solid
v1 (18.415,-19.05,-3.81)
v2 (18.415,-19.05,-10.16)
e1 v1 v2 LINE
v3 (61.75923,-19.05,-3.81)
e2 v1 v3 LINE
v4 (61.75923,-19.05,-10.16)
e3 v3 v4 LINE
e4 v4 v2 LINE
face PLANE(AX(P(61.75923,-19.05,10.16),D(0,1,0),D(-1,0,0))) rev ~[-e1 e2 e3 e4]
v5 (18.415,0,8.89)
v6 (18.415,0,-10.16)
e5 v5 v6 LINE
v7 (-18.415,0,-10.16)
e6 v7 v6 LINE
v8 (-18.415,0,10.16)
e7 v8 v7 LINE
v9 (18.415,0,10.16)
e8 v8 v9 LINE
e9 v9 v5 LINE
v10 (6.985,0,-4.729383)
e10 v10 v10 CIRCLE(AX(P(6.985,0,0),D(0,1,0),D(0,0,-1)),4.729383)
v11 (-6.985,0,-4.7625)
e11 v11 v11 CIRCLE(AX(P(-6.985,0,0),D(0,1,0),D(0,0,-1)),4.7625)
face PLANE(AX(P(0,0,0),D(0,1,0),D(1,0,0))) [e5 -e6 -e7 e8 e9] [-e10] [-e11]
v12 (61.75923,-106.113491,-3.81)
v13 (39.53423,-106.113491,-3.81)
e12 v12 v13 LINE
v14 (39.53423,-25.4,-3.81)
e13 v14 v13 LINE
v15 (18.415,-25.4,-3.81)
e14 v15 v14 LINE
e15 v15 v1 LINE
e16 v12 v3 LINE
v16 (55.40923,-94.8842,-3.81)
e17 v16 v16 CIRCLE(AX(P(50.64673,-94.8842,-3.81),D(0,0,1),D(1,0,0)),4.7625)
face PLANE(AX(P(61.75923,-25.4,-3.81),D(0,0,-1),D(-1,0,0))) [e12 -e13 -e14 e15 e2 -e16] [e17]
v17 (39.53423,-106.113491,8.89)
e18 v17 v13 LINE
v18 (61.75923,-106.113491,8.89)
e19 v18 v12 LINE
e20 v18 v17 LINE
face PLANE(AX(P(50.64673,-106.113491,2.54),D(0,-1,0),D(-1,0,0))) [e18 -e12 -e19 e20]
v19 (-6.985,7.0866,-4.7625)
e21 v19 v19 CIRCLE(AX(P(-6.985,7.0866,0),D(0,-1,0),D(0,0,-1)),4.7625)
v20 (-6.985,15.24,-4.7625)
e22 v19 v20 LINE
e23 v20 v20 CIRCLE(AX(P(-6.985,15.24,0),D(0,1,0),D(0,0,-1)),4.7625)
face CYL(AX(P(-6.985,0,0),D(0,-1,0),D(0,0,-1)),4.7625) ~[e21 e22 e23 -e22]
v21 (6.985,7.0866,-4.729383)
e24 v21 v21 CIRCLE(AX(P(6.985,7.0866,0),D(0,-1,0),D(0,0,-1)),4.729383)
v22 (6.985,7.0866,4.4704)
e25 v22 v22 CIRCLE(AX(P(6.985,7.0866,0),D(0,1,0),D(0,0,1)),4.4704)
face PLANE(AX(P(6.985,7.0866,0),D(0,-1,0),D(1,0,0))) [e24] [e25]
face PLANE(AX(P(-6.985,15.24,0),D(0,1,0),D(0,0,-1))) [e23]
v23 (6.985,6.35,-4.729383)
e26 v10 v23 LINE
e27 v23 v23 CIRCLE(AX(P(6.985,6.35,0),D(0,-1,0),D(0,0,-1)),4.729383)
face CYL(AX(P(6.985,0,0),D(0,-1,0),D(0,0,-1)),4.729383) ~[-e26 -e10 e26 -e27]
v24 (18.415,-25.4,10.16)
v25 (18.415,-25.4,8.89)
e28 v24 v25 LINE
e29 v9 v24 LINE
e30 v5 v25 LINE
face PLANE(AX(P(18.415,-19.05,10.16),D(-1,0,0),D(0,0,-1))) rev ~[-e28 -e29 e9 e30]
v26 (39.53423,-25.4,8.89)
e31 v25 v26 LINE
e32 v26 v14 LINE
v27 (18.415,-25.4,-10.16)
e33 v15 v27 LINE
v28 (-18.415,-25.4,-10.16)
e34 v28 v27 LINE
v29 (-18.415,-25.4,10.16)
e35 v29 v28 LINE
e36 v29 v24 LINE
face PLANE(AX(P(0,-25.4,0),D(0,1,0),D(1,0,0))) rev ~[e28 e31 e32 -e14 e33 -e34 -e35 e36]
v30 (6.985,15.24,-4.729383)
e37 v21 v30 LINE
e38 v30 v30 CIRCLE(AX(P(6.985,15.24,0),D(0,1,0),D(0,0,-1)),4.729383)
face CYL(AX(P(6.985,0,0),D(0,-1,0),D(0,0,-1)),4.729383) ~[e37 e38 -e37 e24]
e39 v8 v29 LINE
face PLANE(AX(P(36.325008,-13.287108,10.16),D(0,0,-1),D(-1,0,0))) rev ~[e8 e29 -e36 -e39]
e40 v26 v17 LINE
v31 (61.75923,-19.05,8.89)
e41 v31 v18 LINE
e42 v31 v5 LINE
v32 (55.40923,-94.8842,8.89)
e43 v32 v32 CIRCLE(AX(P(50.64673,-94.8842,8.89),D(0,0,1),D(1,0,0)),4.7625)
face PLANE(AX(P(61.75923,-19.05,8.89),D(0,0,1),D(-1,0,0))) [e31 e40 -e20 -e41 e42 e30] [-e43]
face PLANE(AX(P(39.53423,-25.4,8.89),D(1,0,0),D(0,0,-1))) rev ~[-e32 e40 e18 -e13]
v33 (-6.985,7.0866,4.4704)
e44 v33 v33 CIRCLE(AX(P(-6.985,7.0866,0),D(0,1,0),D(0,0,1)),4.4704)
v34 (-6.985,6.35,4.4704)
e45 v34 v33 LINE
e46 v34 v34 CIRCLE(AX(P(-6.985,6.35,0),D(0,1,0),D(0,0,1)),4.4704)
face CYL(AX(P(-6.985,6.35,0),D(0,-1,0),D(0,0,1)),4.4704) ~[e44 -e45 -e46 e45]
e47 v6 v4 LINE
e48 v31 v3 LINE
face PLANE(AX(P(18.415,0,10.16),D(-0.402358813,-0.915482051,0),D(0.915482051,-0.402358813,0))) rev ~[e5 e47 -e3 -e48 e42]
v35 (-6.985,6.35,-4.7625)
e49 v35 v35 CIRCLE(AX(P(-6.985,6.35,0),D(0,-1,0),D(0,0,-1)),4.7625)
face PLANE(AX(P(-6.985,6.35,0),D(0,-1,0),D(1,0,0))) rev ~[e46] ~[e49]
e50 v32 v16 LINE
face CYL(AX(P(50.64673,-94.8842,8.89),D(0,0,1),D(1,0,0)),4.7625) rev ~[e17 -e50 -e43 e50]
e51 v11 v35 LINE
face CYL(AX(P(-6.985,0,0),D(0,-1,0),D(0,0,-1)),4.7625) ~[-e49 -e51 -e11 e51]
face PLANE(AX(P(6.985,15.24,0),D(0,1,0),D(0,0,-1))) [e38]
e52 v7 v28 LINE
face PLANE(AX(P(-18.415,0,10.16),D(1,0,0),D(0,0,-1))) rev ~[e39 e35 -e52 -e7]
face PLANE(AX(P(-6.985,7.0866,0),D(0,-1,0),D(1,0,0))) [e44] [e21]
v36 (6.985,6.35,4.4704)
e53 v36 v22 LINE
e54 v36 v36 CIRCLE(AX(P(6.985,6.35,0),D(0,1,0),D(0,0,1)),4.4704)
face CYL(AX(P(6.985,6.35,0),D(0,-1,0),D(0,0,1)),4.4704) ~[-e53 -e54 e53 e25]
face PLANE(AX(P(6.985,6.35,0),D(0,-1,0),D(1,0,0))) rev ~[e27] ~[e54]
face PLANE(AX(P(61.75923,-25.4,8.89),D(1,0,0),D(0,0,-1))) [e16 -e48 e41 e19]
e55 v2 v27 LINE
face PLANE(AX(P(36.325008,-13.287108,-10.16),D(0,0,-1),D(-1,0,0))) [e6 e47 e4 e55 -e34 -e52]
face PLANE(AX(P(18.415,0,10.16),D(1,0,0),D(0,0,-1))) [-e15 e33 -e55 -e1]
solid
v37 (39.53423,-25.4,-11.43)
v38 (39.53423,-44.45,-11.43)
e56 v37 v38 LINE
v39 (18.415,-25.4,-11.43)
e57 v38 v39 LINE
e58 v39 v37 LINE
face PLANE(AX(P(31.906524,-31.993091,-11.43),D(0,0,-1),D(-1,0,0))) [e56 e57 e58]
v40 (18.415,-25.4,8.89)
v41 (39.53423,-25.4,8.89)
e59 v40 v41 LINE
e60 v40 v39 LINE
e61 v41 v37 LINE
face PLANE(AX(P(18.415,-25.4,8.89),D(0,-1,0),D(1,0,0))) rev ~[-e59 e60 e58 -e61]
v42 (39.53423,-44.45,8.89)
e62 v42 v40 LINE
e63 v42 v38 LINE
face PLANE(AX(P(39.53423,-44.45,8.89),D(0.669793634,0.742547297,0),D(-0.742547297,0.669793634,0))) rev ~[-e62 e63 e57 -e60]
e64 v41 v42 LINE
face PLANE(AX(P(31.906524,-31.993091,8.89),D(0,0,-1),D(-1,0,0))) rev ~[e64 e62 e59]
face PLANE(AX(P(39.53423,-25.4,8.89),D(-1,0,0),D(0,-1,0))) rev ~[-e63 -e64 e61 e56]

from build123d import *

# Parameters (mm, degrees)
SKETCH1_W            = 36.83
SKETCH1_H            = 20.32
BOSS_EXTRUDE1_DEPTH  = 25.4
SKETCH2_W            = 12.7
SKETCH2_H            = 6.35
BOSS_EXTRUDE2_DEPTH  = 43.344230304
SKETCH3_W            = 22.225
SKETCH3_H            = 12.7
BOSS_EXTRUDE3_DEPTH  = 80.713490592
SKETCH4_R            = 4.7625
CUT_EXTRUDE1_DEPTH   = 125.246440244
SKETCH5_R            = 4.7625
SKETCH5_R_2          = 4.729383401
BOSS_EXTRUDE4_DEPTH  = 15.24
BOSS_EXTRUDE5_DEPTH  = 20.32
SKETCH8_W            = 43.344230304
SKETCH8_H            = 1.27
CUT_EXTRUDE2_DEPTH   = 108.226300513
BOSS_EXTRUDE10_DEPTH = 20.32
F_3DSKETCH3_R        = 5.08
CUT_EXTRUDE4_DEPTH   = 0.7366
SKETCH14_R           = 4.4704
BOSS_EXTRUDE11_DEPTH = 0.7366


with BuildPart() as part:
    # Sketch1 → Boss-Extrude1 (new body)
    with BuildSketch(Plane(origin=(0, 0, 0), x_dir=(1, 0, 0), z_dir=(0, 1, 0))):
        Rectangle(SKETCH1_W, SKETCH1_H)
    extrude(amount=-BOSS_EXTRUDE1_DEPTH)

    # Sketch2 → Boss-Extrude2 (add)
    with BuildSketch(Plane(origin=(18.415, 0, 0), x_dir=(0, 0, -1), z_dir=(1, 0, 0))):
        with Locations((-2.54, -22.225)):
            Rectangle(SKETCH2_W, SKETCH2_H)
    extrude(amount=BOSS_EXTRUDE2_DEPTH)

    # Sketch3 → Boss-Extrude3 (add)
    with BuildSketch(Plane(origin=(0, -25.4, 0), x_dir=(-1, 0, 0), z_dir=(0, -1, 0))):
        with Locations((-50.646730304, -2.54)):
            Rectangle(SKETCH3_W, SKETCH3_H)
    extrude(amount=BOSS_EXTRUDE3_DEPTH)

    # Sketch4 → Cut-Extrude1 (cut, through all)
    with BuildSketch(Plane.XY.offset(8.89)):
        with Locations((50.646730304, -94.884200122)):
            Circle(SKETCH4_R)
    extrude(amount=-CUT_EXTRUDE1_DEPTH, mode=Mode.SUBTRACT)

    # Sketch5 → Boss-Extrude4 (add)
    with BuildSketch(Plane(origin=(0, 0, 0), x_dir=(1, 0, 0), z_dir=(0, 1, 0))):
        with Locations(Location((-6.985, 0, 0), (0, 0, 90))):
            Circle(SKETCH5_R)
        with Locations(Location((6.985, 0, 0), (0, 0, 90))):
            Circle(SKETCH5_R_2)
    extrude(amount=BOSS_EXTRUDE4_DEPTH)

    # Sketch7 → Boss-Extrude5 (add)
    with BuildSketch(Plane.XY.offset(10.16)):
        Polygon((18.415, 0), (61.759230304, -19.05), (18.415, -19.05), align=None)
    extrude(amount=-BOSS_EXTRUDE5_DEPTH)

    # Sketch8 → Cut-Extrude2 (cut, through all)
    with BuildSketch(Plane(origin=(0, -19.05, 0), x_dir=(-1, 0, 0), z_dir=(0, -1, 0))):
        with Locations((-40.087115152, -9.525)):
            Rectangle(SKETCH8_W, SKETCH8_H)
    extrude(amount=-CUT_EXTRUDE2_DEPTH, mode=Mode.SUBTRACT)

    # 3DSketch3 → Cut-Extrude4 (cut)
    with BuildSketch(Plane(origin=(-6.985, 6.35, 0), x_dir=(1, 0, 0), z_dir=(0, -1, 0))):
        Circle(F_3DSKETCH3_R)
        with Locations((13.97, 0)):
            Circle(F_3DSKETCH3_R)
    extrude(amount=-CUT_EXTRUDE4_DEPTH, mode=Mode.SUBTRACT)


with BuildPart() as body_2:
    # Sketch13 → Boss-Extrude10 (new body)
    with BuildSketch(Plane.XY.offset(8.89)):
        Polygon((18.415, -25.4), (39.534230304, -25.4), (39.534230304, -44.45), align=None)
    extrude(amount=-BOSS_EXTRUDE10_DEPTH)


with BuildPart() as cut_extrude4_piece_1:
    # of the separate pieces the step leaves, piece 1, a body of its own (cut_extrude4_pieces)
    add(part.part.solids().sort_by_distance((18.415, 0, 10.16))[0])



with BuildPart() as cut_extrude4_piece_2:
    # of the separate pieces the step leaves, piece 2, a body of its own (cut_extrude4_pieces)
    add(part.part.solids().sort_by_distance((-6.985, 7.0866, -4.7625))[0])


with BuildPart() as cut_extrude4_piece_3:
    # of the separate pieces the step leaves, piece 3, a body of its own (cut_extrude4_pieces)
    add(part.part.solids().sort_by_distance((6.985, 7.0866, -4.729383401))[0])


with BuildPart() as cut_extrude4_piece_1_1:
    add(cut_extrude4_piece_1.part)

    add(cut_extrude4_piece_2.part)  # Boss-Extrude11 merges Cut-Extrude4 piece 2

    add(cut_extrude4_piece_3.part)  # Boss-Extrude11 merges Cut-Extrude4 piece 3
    # Sketch14 → Boss-Extrude11 (add)
    with BuildSketch(Plane(origin=(0, 6.35, 0), x_dir=(1, 0, 0), z_dir=(0, 1, 0))):
        with Locations(Location((-6.985, 0, 0), (0, 0, 270))):
            Circle(SKETCH14_R)
        with Locations(Location((6.985, 0, 0), (0, 0, 270))):
            Circle(SKETCH14_R)
    extrude(amount=BOSS_EXTRUDE11_DEPTH)


solid = Compound([body_2.part, cut_extrude4_piece_1_1.part])
